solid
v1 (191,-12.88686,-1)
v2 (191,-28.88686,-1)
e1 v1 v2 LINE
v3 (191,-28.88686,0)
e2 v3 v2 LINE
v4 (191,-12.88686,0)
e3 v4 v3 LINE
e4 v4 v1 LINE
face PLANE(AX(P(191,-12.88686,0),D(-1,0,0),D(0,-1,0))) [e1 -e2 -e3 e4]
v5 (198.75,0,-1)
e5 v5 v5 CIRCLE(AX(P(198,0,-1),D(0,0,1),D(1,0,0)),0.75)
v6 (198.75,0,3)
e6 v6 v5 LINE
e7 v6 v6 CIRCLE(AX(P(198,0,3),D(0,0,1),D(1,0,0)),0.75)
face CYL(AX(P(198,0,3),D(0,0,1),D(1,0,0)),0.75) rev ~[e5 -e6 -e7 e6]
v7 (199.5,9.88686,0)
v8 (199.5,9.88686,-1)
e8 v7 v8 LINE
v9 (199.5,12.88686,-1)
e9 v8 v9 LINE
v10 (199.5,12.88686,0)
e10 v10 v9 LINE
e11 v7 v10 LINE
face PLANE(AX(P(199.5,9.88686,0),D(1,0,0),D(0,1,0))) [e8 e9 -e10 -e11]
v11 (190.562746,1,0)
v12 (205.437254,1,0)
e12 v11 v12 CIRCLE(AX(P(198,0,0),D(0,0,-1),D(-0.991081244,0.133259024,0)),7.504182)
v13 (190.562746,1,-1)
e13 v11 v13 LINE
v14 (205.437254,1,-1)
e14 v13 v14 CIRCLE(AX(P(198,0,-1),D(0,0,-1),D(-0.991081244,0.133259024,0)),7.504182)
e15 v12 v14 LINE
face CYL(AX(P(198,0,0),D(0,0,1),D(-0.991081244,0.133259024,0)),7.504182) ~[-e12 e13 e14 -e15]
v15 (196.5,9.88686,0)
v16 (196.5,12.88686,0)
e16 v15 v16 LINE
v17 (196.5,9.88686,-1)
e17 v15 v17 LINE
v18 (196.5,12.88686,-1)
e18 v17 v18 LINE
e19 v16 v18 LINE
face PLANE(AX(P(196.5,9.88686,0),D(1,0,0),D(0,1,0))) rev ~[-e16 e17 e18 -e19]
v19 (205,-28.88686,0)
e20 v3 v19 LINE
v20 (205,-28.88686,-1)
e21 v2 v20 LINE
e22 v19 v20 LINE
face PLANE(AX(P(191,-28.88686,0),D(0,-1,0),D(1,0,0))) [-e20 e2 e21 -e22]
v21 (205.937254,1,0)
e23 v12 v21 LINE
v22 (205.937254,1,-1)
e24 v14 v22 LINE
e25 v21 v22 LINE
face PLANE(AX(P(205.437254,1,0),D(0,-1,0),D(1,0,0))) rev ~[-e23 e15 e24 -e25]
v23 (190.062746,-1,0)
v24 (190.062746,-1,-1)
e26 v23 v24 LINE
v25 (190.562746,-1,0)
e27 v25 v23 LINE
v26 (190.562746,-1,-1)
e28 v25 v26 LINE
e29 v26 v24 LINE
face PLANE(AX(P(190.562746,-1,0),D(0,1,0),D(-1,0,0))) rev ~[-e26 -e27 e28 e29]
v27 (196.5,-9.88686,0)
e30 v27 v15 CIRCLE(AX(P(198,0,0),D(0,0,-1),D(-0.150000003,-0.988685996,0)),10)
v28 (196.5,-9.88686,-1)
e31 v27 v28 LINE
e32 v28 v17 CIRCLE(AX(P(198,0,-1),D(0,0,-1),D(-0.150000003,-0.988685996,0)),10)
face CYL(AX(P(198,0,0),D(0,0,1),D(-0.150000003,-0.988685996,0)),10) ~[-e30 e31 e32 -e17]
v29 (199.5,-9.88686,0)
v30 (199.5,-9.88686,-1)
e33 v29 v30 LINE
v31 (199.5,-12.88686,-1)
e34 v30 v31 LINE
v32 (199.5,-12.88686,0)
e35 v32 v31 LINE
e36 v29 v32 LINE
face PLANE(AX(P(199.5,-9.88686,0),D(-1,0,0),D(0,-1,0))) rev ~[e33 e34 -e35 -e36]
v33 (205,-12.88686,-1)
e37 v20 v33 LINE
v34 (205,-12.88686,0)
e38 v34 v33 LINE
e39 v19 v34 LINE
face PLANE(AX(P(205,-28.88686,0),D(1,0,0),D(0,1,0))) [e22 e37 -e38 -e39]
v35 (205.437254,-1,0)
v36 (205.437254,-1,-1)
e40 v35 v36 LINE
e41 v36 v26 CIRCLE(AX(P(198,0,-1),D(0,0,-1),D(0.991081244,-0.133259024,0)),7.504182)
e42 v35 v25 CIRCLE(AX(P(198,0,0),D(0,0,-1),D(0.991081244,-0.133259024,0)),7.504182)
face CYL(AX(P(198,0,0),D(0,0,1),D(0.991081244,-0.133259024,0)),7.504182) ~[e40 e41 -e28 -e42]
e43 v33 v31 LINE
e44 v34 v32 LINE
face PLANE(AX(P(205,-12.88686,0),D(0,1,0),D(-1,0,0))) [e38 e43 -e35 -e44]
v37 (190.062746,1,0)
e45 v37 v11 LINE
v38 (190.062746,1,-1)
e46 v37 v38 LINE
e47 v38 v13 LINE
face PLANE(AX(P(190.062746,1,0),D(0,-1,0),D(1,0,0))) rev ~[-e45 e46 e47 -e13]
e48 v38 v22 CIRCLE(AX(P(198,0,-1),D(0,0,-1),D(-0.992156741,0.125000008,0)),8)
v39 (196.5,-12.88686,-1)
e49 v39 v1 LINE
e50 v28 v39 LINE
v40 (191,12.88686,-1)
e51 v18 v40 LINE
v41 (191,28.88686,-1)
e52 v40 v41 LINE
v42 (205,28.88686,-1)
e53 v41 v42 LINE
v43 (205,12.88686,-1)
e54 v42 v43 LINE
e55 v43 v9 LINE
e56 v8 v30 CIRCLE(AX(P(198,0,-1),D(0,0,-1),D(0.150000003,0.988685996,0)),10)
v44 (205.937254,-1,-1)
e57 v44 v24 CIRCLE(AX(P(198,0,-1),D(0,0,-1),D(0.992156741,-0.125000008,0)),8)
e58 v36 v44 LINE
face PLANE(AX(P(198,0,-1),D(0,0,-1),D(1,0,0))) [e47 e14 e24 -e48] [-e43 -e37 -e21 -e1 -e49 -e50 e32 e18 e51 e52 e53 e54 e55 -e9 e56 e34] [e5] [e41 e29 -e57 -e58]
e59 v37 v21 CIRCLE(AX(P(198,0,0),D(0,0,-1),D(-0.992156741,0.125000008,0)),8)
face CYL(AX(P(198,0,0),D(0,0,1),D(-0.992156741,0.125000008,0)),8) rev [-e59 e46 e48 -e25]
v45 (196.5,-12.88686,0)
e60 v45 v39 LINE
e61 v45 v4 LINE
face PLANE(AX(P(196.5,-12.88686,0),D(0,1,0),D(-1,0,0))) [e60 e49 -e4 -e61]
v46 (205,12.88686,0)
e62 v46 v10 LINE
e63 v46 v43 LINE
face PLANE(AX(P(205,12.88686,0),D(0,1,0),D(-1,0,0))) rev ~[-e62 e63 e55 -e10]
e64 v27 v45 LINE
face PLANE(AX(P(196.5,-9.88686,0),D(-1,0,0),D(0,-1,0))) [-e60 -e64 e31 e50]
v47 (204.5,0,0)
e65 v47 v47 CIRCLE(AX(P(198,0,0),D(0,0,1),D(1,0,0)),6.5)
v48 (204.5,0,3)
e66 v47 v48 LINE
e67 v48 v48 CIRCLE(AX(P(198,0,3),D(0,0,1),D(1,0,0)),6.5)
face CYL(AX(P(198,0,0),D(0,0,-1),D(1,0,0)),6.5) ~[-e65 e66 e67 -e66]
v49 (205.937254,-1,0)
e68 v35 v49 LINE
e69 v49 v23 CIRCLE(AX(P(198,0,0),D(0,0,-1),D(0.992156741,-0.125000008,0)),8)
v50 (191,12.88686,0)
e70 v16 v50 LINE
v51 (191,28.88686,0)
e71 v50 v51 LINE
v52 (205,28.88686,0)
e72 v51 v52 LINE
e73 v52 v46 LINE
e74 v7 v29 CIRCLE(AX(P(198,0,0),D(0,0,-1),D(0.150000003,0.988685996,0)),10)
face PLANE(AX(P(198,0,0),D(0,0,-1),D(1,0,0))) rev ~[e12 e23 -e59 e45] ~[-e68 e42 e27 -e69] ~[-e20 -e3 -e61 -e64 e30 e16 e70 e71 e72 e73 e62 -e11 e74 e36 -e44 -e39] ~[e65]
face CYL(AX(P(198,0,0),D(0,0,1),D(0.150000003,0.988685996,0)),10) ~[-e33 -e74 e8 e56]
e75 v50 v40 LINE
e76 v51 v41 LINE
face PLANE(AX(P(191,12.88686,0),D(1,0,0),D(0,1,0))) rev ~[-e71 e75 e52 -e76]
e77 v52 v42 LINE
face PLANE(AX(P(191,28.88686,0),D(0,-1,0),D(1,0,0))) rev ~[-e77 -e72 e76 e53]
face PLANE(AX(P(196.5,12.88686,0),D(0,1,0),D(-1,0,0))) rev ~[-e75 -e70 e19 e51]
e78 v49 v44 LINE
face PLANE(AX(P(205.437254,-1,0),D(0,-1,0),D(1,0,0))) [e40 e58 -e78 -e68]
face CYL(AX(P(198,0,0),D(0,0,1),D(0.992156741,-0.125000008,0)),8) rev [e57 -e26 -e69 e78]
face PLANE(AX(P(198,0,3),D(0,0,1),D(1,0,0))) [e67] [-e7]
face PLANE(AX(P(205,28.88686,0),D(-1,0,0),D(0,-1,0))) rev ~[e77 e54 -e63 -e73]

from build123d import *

# Parameters (mm, degrees)
SKETCH043_R     = 6.5
PAD013_DEPTH    = 3
PAD014_DEPTH    = 1
SKETCH057_R     = 0.75
POCKET034_DEPTH = 5


with BuildPart() as part:
    # Sketch043 → Pad013 (new body)
    with BuildSketch(Plane.XY):
        Circle(SKETCH043_R)
    extrude(amount=PAD013_DEPTH)

    # Sketch044 (on Face2 of Pad013) → Pad014 (join)
    with BuildSketch(Plane(origin=(0, 0, 0), x_dir=(1, 0, 0), z_dir=(0, 0, -1))):
        with BuildLine():
            ThreePointArc((-1.5, 9.88686), (-10, 0), (-1.5, -9.88686))
            Line((-1.5, -9.88686), (-1.5, -12.88686))
            Line((-1.5, -12.88686), (-7, -12.88686))
            Line((-7, -12.88686), (-7, -28.88686))
            Line((-7, -28.88686), (7, -28.88686))
            Line((7, -28.88686), (7, -12.88686))
            Line((7, -12.88686), (1.5, -12.88686))
            Line((1.5, -9.88686), (1.5, -12.88686))
            ThreePointArc((1.5, -9.88686), (10, 0), (1.5, 9.88686))
            Line((1.5, 9.88686), (1.5, 12.88686))
            Line((7, 12.88686), (1.5, 12.88686))
            Line((7, 28.88686), (7, 12.88686))
            Line((-7, 28.88686), (7, 28.88686))
            Line((-7, 12.88686), (-7, 28.88686))
            Line((-1.5, 12.88686), (-7, 12.88686))
            Line((-1.5, 9.88686), (-1.5, 12.88686))
        make_face()
        with BuildLine():
            Line((-7.937254, -1), (-7.437254, -1))
            ThreePointArc((-7.437254, -1), (0, -7.504182), (7.437254, -1))
            Line((7.437254, -1), (7.937254, -1))
            ThreePointArc((-7.937254, -1), (0, -8), (7.937254, -1))
        make_face(mode=Mode.SUBTRACT)
        with BuildLine():
            Line((-7.437254, 1), (-7.937254, 1))
            ThreePointArc((7.937254, 1), (0, 8), (-7.937254, 1))
            Line((7.437254, 1), (7.937254, 1))
            ThreePointArc((7.437254, 1), (0, 7.504182), (-7.437254, 1))
        make_face(mode=Mode.SUBTRACT)
    extrude(amount=PAD014_DEPTH)

    # Sketch057 (on Face3 of Pad014) → Pocket034 (cut)
    with BuildSketch(Plane.XY.offset(3)):
        Circle(SKETCH057_R)
    extrude(amount=-POCKET034_DEPTH, mode=Mode.SUBTRACT)


with BuildPart() as part_1:
    # Body013 placement: moved
    add(part.part.moved(Location((198, 0, 0))))


solid = part_1.part
